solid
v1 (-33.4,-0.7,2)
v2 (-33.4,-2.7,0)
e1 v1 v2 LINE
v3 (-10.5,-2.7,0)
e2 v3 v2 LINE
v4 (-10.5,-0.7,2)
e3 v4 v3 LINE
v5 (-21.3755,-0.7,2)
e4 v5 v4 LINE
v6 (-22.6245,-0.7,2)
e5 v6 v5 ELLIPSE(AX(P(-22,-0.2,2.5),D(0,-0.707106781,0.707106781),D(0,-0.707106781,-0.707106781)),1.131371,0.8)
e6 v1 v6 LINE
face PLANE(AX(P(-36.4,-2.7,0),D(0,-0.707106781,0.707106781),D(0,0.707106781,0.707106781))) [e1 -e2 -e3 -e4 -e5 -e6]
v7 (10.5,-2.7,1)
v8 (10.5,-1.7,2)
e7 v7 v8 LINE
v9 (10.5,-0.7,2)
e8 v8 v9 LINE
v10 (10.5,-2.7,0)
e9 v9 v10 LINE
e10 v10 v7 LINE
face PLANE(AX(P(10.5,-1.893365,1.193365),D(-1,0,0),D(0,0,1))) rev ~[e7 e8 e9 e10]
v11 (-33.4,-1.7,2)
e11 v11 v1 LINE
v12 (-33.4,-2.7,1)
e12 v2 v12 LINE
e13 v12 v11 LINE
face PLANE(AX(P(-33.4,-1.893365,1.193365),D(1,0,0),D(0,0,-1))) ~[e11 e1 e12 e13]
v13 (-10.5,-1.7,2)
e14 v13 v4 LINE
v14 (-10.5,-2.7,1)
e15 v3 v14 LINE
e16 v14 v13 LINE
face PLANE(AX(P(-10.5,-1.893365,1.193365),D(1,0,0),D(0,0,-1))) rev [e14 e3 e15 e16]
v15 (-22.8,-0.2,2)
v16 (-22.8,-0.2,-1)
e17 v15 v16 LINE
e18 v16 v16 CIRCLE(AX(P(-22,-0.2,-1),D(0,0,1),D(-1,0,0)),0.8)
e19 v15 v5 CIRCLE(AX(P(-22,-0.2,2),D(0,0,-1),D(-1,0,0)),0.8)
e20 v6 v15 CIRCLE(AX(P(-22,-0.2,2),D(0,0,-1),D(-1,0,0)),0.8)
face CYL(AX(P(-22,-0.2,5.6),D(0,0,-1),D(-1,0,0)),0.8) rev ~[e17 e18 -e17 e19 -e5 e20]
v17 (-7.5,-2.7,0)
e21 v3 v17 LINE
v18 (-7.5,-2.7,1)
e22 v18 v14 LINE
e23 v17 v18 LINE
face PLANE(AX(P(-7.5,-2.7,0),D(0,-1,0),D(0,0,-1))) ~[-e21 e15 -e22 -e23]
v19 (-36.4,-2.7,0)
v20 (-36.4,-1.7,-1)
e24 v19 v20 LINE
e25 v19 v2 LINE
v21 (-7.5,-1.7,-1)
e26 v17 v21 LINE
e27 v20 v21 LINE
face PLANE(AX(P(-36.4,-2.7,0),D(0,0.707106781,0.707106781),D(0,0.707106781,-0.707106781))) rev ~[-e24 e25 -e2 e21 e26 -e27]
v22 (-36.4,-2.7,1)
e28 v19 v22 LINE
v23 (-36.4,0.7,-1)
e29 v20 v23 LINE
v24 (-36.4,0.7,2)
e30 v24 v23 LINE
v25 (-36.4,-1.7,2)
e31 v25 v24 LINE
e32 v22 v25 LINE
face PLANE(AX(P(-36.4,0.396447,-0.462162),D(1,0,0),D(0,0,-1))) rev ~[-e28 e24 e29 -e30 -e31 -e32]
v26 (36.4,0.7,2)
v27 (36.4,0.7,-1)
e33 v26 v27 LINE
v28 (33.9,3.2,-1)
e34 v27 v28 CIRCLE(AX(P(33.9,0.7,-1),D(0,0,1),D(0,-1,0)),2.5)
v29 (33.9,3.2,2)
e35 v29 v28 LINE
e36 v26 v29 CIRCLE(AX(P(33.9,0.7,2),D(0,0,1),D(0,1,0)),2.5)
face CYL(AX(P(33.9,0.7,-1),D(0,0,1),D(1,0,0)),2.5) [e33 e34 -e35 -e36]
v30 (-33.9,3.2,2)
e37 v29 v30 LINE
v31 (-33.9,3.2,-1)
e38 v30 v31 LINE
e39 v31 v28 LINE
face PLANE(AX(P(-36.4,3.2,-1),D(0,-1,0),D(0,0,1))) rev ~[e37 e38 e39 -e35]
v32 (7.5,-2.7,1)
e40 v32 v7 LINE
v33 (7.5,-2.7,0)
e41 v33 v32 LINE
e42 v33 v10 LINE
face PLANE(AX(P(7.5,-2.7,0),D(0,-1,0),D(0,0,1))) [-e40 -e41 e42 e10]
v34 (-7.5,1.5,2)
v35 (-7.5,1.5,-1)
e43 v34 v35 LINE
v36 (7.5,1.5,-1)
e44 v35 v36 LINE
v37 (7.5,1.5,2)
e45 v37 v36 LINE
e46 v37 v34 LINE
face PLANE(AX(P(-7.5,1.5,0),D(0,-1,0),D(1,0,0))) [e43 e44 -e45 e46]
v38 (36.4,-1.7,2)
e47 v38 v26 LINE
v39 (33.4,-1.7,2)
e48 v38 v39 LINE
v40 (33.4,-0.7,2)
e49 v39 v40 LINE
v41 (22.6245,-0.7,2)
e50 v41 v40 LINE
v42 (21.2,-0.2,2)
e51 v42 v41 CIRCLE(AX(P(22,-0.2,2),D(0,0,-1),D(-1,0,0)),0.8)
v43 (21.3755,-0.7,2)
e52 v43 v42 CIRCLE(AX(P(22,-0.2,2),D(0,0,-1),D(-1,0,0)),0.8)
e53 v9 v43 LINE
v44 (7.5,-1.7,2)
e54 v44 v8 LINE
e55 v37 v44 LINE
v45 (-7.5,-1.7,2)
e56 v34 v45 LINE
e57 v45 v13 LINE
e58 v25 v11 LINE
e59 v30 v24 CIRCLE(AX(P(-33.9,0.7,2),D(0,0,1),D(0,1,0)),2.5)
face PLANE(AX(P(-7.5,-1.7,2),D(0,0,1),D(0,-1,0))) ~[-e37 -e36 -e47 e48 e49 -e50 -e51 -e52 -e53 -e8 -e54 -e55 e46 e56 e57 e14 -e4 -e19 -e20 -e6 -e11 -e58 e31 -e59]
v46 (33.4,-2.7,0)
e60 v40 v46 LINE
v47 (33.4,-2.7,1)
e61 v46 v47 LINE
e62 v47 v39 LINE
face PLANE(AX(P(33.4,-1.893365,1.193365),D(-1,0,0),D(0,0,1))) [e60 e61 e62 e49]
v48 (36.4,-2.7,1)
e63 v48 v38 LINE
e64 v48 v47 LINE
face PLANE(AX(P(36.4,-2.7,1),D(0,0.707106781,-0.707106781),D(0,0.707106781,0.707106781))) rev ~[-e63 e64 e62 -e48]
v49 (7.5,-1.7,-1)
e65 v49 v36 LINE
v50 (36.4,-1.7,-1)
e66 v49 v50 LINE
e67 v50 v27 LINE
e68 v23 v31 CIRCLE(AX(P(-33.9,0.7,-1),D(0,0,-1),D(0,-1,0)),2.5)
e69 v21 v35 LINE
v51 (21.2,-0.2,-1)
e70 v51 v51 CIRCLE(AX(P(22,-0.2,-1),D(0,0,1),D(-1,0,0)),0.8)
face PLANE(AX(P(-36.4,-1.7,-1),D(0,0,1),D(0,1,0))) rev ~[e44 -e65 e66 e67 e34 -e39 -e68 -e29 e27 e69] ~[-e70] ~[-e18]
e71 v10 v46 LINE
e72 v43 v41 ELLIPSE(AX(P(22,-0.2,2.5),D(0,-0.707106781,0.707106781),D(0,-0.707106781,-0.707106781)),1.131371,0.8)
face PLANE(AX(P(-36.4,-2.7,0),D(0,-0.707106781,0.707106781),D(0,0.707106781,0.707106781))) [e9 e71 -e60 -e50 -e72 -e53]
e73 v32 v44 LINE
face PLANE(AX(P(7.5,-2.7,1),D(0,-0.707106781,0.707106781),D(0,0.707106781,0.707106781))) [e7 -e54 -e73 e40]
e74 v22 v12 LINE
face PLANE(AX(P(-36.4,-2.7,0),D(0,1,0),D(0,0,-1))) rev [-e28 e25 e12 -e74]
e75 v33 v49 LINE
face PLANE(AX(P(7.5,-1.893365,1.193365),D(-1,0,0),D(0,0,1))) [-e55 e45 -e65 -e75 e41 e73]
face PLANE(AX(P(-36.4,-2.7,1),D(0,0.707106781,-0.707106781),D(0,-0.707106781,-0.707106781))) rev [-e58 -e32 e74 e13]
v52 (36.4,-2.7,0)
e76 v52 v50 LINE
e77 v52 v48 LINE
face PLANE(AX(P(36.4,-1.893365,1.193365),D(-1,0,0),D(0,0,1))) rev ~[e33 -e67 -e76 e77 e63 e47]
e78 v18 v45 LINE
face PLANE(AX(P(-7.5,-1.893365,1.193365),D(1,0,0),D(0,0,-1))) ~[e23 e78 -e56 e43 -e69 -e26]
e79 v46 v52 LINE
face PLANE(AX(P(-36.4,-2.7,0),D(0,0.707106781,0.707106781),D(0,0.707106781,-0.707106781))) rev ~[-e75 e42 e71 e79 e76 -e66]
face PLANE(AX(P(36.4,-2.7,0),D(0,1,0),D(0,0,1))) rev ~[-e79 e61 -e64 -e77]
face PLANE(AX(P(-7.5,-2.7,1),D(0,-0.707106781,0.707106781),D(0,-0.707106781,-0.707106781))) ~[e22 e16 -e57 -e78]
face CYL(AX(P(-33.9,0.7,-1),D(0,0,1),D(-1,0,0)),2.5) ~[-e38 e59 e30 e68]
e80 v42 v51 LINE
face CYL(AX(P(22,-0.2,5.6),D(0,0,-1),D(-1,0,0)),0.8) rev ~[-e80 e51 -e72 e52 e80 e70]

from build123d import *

# Parameters (mm, degrees)
BOSS_EXTRUDE1_DEPTH       = 36.4
FILLET3_R                 = 2.5
CUT_EXTRUDE5_DEPTH        = 72.8
BOSS_EXTRUDE2_DEPTH       = 72.8
M2X0_4_TAPPED_HOLE1_D     = 1.6
M2X0_4_TAPPED_HOLE1_DEPTH = 3.6
M2X0_4_TAPPED_HOLE1_TIP   = 0.480688495
FILLET4_R                 = 2.5
SKETCH4_W                 = 15
SKETCH4_H                 = 4.7
CUT_EXTRUDE4_DEPTH        = 5
BOSS_EXTRUDE6_DEPTH       = 3
BOSS_EXTRUDE7_DEPTH       = 3


with BuildPart() as part:
    # Sketch1 → Boss-Extrude1 (new body, symmetric)
    with BuildSketch(Plane(origin=(0, 0, 0), x_dir=(0, 0, -1), z_dir=(1, 0, 0))):
        Polygon((0, -3.2), (-2, -1.2), (-2, 3.2), (0, 3.2), align=None)
    extrude(amount=BOSS_EXTRUDE1_DEPTH, both=True)

    # Fillet3
    fillet3_edges = [part.edges().sort_by_distance(p)[0] for p in [
        (-36.4, 3.2, 1),
        (36.4, 3.2, 1),
    ]]
    fillet(fillet3_edges, radius=FILLET3_R)

    # Sketch5 → Cut-Extrude5 (cut)
    with BuildSketch(Plane.ZY.offset(36.4)):
        Polygon((0, -2.7), (2, -0.7), (2, -1.2), (0, -3.2), align=None)
    extrude(amount=-CUT_EXTRUDE5_DEPTH, mode=Mode.SUBTRACT)

    # Sketch7 → Boss-Extrude2 (add)
    with BuildSketch(Plane.ZY.offset(36.4)):
        Polygon((0, -2.7), (-1, -1.7), (-1, 3.2), (0, 3.2), align=None)
    extrude(amount=-BOSS_EXTRUDE2_DEPTH)

    # M2x0.4 Tapped Hole1
    with Locations(Plane.XY.offset(2)):
        with Locations((-22, -0.2), (22, -0.2), (0, -0.2)):
            Hole(M2X0_4_TAPPED_HOLE1_D / 2, depth=M2X0_4_TAPPED_HOLE1_DEPTH)
            with Locations((0, 0, -(M2X0_4_TAPPED_HOLE1_DEPTH + M2X0_4_TAPPED_HOLE1_TIP / 2))):  # 118° drill point
                Cone(0, M2X0_4_TAPPED_HOLE1_D / 2, M2X0_4_TAPPED_HOLE1_TIP, mode=Mode.SUBTRACT)

    # Fillet4
    fillet4_edges = [part.edges().sort_by_distance(p)[0] for p in [
        (36.4, 3.2, -0.5),
        (-36.4, 3.2, -0.5),
    ]]
    fillet(fillet4_edges, radius=FILLET4_R)

    # Sketch4 → Cut-Extrude4 (cut, symmetric)
    with BuildSketch(Plane.XY):
        with Locations((0, -0.85)):
            Rectangle(SKETCH4_W, SKETCH4_H)
    extrude(amount=CUT_EXTRUDE4_DEPTH, both=True, mode=Mode.SUBTRACT)

    # Sketch11 → Boss-Extrude6 (add)
    with BuildSketch(Plane(origin=(36.4, 0, 0), x_dir=(0, 0, -1), z_dir=(1, 0, 0))):
        Polygon((0, -2.7), (-1, -2.7), (-2, -1.7), (-2, -0.7), align=None)
    extrude(amount=-BOSS_EXTRUDE6_DEPTH)

    # Sketch12 → Boss-Extrude7 (add)
    with BuildSketch(Plane.ZY.offset(-7.5)):
        Polygon((0, -2.7), (1, -2.7), (2, -1.7), (2, -0.7), align=None)
    extrude(amount=-BOSS_EXTRUDE7_DEPTH)

    # Mirror7: part across plane


with BuildPart() as part_1:
    add(part.part)
    add(part.part.mirror(Plane(origin=(0, 0, 0), x_dir=(0, 0, 1), z_dir=(1, 0, 0))))


solid = part_1.part
